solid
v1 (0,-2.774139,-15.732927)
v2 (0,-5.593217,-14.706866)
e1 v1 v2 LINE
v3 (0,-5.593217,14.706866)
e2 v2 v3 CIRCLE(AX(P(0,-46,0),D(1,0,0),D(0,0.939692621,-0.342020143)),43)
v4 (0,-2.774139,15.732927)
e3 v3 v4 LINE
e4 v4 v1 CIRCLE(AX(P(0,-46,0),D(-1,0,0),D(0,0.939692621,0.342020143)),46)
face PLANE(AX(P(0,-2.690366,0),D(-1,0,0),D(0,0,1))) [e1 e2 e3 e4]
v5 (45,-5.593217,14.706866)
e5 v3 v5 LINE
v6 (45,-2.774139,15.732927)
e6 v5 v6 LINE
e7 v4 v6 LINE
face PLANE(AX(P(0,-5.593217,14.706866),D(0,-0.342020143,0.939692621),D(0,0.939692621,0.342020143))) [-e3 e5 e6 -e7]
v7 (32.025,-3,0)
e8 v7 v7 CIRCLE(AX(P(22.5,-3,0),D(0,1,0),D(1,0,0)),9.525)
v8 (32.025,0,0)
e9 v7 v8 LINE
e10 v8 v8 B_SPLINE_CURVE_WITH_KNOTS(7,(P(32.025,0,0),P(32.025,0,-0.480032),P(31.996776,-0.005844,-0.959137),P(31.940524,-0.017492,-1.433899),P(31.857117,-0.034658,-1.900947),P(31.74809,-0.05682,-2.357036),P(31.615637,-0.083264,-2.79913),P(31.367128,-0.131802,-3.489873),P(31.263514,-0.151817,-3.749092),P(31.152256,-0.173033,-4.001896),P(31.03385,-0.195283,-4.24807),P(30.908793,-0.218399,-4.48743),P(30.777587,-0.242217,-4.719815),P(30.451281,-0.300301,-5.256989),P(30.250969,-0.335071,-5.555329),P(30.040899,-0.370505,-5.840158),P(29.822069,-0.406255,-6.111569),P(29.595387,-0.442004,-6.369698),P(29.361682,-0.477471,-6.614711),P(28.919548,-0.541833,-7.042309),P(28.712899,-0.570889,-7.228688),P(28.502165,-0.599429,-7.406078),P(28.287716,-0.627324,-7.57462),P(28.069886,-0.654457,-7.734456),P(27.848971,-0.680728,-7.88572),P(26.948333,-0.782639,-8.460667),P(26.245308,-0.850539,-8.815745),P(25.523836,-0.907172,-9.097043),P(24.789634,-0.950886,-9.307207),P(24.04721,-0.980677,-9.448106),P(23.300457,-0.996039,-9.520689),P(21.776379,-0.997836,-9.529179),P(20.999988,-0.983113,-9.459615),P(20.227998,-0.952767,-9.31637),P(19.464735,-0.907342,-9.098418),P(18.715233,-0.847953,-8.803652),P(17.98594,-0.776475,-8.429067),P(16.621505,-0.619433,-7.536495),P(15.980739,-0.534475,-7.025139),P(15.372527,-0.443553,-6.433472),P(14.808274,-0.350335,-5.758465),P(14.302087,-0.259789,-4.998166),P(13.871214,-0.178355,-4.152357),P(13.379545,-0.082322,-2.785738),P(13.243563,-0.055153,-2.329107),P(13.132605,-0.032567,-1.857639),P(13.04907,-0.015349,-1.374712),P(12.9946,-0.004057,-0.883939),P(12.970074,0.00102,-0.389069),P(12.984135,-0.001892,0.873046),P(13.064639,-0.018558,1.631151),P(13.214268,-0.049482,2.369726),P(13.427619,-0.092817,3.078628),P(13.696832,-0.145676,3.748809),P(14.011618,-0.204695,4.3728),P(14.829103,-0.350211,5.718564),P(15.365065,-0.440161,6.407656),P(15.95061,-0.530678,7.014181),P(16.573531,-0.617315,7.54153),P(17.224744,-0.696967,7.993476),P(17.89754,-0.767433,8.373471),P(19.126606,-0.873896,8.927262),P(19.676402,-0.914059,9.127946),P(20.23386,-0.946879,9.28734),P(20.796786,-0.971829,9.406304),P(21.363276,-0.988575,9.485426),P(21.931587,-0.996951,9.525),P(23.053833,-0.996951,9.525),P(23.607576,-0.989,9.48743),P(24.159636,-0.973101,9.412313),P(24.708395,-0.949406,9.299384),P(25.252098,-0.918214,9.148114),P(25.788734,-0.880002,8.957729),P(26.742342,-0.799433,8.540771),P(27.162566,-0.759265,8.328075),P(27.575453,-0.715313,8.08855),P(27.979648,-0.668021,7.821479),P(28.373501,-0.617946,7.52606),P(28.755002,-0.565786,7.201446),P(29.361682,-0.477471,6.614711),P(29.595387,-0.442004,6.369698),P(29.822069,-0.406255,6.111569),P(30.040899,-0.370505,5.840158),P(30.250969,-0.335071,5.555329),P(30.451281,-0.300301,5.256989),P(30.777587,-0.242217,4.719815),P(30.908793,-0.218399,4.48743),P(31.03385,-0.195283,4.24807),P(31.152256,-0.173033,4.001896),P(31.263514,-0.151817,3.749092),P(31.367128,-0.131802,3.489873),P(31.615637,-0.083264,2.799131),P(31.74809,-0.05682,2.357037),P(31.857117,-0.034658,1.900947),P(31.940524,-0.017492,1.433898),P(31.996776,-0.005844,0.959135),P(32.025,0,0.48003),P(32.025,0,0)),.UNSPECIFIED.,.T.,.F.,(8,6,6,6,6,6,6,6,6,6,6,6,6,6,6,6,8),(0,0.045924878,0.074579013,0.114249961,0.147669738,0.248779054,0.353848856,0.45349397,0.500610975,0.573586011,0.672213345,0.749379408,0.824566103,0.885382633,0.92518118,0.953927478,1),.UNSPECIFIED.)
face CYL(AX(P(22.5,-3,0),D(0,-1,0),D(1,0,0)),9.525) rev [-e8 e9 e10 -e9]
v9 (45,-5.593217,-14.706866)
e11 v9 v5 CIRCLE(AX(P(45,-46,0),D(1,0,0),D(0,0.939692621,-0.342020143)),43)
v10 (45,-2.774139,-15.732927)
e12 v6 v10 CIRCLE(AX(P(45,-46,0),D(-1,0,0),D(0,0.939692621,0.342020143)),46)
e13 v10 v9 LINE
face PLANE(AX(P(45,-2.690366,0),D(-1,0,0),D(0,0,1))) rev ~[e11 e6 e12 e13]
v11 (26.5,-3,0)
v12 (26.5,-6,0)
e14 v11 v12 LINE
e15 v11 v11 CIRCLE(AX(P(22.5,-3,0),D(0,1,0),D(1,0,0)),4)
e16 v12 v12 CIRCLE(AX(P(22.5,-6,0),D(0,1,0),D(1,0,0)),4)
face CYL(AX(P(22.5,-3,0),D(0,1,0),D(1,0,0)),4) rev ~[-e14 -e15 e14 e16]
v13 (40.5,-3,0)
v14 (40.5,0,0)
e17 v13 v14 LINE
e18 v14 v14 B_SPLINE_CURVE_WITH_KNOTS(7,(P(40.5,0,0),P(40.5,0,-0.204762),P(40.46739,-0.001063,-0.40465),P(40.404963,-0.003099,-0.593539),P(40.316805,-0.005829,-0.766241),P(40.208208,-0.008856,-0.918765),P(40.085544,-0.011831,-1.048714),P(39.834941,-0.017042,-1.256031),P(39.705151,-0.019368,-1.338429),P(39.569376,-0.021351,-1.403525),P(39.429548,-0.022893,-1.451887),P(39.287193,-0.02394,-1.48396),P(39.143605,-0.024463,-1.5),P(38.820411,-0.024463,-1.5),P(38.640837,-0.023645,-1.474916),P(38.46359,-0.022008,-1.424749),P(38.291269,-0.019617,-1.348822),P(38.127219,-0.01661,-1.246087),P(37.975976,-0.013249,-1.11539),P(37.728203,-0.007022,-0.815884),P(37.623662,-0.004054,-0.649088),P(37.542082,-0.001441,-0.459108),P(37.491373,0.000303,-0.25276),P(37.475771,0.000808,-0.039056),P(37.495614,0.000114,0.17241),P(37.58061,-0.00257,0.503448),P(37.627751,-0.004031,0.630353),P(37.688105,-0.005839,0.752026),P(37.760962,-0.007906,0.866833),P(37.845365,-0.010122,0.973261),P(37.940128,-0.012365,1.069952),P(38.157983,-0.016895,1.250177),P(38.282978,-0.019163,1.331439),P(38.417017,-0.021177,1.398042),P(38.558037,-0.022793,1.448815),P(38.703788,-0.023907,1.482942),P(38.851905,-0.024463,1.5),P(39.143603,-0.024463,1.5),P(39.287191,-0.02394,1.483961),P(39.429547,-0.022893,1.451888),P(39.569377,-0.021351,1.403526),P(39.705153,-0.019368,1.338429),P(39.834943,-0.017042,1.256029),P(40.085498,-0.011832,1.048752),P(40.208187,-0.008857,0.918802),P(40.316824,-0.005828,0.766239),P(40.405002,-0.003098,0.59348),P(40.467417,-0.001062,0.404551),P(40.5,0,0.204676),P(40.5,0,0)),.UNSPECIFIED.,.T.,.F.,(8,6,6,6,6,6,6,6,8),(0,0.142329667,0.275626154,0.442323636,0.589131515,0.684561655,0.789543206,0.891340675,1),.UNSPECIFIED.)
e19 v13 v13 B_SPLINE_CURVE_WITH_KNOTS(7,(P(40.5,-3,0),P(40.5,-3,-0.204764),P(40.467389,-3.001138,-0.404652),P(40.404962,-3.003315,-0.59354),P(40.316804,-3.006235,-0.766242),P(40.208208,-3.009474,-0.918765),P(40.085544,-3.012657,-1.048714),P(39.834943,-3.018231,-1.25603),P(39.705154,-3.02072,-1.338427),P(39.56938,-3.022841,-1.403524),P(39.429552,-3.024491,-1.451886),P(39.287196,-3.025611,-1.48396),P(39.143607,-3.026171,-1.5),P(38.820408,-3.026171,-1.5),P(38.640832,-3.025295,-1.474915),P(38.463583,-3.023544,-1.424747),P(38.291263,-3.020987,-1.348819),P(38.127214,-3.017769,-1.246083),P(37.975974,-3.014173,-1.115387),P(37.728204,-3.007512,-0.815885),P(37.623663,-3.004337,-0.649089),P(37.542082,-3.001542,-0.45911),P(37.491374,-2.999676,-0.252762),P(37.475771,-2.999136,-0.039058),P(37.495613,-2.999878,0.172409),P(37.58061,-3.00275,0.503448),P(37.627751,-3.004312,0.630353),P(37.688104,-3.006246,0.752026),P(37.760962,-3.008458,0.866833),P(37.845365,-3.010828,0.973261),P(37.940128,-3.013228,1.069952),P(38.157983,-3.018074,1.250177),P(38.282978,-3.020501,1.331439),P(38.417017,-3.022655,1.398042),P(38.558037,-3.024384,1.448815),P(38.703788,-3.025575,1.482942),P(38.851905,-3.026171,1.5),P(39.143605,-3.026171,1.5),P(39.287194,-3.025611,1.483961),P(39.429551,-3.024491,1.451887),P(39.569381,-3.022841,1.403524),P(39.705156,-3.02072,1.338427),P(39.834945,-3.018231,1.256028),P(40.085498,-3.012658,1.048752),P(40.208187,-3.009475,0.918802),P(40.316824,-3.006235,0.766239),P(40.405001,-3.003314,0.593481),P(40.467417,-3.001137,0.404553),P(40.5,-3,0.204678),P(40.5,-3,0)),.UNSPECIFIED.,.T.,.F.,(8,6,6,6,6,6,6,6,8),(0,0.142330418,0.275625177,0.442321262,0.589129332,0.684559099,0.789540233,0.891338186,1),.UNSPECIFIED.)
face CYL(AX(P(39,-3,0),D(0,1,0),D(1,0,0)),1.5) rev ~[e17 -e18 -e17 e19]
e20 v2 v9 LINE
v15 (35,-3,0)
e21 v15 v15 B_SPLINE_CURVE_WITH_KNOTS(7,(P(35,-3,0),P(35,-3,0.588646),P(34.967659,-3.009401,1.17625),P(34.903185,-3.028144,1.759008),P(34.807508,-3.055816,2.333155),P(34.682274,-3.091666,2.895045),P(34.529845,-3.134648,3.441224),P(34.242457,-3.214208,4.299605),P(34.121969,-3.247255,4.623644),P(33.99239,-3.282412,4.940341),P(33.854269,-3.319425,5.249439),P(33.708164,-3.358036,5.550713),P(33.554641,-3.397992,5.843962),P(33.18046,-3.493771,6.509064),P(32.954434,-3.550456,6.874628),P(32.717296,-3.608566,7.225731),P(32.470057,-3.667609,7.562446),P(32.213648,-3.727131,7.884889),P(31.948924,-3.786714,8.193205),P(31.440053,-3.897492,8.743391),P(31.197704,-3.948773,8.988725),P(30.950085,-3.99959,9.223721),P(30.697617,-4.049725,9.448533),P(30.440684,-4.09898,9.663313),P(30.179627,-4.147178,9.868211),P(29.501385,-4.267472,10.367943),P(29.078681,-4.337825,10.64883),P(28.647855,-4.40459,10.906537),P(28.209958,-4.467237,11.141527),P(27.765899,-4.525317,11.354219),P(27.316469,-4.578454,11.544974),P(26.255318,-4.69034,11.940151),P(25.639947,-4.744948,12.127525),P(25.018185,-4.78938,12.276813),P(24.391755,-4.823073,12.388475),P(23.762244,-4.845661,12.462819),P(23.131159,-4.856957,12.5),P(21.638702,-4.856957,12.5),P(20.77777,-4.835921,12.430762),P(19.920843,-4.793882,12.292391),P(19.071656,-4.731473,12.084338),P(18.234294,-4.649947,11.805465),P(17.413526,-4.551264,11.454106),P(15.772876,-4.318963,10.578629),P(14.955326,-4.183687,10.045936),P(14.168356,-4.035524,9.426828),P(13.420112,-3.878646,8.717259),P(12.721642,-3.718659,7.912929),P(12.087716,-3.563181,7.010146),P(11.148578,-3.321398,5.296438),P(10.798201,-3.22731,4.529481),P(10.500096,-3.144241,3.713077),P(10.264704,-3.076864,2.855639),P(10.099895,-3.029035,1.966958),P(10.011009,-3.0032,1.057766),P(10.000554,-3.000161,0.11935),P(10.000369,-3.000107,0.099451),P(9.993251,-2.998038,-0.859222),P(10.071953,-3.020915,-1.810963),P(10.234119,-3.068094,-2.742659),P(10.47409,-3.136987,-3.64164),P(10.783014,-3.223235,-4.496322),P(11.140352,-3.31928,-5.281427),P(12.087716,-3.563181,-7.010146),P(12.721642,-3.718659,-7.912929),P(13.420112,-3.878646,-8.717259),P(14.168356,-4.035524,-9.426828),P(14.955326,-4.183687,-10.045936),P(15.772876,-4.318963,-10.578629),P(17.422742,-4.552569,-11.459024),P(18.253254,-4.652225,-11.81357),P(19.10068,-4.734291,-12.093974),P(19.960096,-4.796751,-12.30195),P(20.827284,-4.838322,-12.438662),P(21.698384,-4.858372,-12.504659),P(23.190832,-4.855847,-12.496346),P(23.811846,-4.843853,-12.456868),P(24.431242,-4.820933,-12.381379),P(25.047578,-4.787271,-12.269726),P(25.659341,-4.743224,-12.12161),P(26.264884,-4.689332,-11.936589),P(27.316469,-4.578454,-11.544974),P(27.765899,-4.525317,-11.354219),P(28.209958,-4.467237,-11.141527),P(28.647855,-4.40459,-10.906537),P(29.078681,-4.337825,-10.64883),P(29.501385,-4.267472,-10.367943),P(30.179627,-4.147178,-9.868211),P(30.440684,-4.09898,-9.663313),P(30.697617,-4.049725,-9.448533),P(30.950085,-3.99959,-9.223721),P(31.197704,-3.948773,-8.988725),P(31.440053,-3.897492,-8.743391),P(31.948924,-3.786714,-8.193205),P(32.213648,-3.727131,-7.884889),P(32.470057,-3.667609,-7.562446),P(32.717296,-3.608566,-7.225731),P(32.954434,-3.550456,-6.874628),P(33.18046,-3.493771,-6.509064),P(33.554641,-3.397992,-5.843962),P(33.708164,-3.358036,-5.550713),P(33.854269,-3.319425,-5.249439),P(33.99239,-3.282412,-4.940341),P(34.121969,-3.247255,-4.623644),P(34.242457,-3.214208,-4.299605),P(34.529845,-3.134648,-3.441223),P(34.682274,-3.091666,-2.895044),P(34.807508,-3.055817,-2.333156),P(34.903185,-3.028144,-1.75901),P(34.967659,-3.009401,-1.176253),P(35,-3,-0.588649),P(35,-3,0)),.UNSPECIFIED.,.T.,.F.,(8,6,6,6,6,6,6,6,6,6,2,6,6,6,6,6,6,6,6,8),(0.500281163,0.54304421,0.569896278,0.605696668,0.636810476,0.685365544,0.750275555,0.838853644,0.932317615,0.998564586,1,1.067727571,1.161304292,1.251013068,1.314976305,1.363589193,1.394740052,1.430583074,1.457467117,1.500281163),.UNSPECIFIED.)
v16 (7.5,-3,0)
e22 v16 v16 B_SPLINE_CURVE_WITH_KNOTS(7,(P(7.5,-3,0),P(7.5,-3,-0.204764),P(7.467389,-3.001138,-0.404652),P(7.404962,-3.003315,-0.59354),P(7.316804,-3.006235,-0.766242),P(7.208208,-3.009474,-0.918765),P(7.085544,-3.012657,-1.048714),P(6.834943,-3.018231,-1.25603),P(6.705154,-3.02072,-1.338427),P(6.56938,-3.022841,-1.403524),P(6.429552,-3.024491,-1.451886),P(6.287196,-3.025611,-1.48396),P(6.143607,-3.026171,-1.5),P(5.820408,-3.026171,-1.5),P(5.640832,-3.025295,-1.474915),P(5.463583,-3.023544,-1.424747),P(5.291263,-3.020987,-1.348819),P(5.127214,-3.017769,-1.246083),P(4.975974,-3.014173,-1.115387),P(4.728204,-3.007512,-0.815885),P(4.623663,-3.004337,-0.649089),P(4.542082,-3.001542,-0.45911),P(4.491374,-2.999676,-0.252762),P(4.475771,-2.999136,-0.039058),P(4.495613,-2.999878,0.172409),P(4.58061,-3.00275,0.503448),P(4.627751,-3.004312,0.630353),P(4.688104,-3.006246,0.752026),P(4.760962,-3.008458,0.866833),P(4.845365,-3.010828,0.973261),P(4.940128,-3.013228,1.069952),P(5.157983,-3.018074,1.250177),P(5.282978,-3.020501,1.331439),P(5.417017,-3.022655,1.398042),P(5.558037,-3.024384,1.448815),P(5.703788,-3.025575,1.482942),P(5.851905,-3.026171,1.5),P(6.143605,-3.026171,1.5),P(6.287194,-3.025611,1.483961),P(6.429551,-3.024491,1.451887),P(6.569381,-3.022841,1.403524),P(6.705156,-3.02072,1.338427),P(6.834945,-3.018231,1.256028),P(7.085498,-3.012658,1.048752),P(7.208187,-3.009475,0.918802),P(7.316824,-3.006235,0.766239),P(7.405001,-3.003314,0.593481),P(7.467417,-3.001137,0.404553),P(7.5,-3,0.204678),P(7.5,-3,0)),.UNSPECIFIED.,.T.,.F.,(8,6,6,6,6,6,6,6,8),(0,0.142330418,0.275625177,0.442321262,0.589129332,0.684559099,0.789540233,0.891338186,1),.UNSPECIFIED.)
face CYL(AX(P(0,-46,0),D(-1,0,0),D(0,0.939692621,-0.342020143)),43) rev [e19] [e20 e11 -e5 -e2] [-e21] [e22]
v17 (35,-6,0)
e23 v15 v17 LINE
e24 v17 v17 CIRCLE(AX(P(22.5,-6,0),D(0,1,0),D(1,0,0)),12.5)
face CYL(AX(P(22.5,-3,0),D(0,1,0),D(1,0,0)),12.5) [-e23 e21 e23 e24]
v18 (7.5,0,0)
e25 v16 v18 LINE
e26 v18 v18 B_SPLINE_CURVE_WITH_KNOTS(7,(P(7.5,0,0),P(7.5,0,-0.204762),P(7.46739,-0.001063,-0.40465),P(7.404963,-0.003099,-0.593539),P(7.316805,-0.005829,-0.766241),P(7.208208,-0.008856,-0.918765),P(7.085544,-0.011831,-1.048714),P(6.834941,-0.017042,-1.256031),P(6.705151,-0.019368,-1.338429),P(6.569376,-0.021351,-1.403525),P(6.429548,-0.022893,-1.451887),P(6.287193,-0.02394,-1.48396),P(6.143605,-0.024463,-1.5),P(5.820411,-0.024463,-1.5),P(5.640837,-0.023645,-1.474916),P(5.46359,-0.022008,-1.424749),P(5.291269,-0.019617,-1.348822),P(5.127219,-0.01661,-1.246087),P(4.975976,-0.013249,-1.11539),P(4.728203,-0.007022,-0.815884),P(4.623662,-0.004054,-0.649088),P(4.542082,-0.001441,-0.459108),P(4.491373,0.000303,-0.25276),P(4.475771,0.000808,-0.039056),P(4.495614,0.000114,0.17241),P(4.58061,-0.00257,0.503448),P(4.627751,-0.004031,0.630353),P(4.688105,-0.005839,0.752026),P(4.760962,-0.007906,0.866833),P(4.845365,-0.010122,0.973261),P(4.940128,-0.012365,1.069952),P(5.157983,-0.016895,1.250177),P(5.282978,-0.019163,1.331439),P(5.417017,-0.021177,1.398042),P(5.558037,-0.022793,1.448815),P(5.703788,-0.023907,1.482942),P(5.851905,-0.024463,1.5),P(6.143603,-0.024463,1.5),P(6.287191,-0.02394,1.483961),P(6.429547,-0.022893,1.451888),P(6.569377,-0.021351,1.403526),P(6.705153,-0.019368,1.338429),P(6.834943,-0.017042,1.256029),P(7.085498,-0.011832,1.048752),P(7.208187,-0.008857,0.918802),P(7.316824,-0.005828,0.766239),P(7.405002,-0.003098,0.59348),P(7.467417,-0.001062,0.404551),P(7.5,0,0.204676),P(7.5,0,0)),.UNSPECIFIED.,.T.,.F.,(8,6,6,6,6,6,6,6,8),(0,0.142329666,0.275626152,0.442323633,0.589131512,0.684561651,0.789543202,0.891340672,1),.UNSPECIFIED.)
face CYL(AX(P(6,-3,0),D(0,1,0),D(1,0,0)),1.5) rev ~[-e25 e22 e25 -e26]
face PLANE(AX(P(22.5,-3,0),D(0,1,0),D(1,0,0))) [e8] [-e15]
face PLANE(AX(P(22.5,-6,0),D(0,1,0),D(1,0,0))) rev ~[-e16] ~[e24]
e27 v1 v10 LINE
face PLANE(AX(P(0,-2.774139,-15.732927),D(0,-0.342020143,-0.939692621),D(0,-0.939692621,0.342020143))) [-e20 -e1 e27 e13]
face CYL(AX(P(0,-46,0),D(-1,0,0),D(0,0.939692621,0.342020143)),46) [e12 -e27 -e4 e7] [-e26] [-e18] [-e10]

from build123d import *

# Parameters (mm, degrees)
BOSS_EXTRUDE1_DEPTH     = 45
SKETCH2_R               = 12.5
BOSS_EXTRUDE2_DEPTH     = 3
SKETCH3_R               = 9.525
CUT_EXTRUDE1_DEPTH      = 14
SKETCH4_R               = 4
CUT_EXTRUDE2_DEPTH      = 14
CUT_EXTRUDE3_DEPTH      = 14
CUT_EXTRUDE3_DEPTH_BACK = 14
SKETCH5_R               = 1.5


with BuildPart() as part:
    # Sketch1 → Boss-Extrude1 (new body)
    with BuildSketch(Plane(origin=(0, 0, 0), x_dir=(0, 0, -1), z_dir=(1, 0, 0))):
        with BuildLine():
            Line((-14.706866163, -5.593217306), (-15.732926593, -2.774139444))
            ThreePointArc((-15.732926593, -2.774139444), (0, 0), (15.732926593, -2.774139444))
            Line((15.732926593, -2.774139444), (14.706866163, -5.593217306))
            ThreePointArc((14.706866163, -5.593217306), (0, -3), (-14.706866163, -5.593217306))
        make_face()
    extrude(amount=BOSS_EXTRUDE1_DEPTH)

    # Sketch2 → Boss-Extrude2 (add)
    with BuildSketch(Plane(origin=(0, -3, 0), x_dir=(1, 0, 0), z_dir=(0, 1, 0))):
        with Locations((22.5, 0)):
            Circle(SKETCH2_R)
    extrude(amount=-BOSS_EXTRUDE2_DEPTH)

    # Sketch3 → Cut-Extrude1 (cut)
    with BuildSketch(Plane(origin=(0, -3, 0), x_dir=(1, 0, 0), z_dir=(0, 1, 0))):
        with Locations((22.5, 0)):
            Circle(SKETCH3_R)
    extrude(amount=CUT_EXTRUDE1_DEPTH, mode=Mode.SUBTRACT)

    # Sketch4 → Cut-Extrude2 (cut)
    with BuildSketch(Plane(origin=(0, -3, 0), x_dir=(1, 0, 0), z_dir=(0, 1, 0))):
        with Locations((22.5, 0)):
            Circle(SKETCH4_R)
    extrude(amount=-CUT_EXTRUDE2_DEPTH, mode=Mode.SUBTRACT)

    # Sketch5 → Cut-Extrude3 (cut, two sides: drawn at the far end of the back side and taken through both)
    with BuildSketch(Plane(origin=(0, -3, 0), x_dir=(1, 0, 0), z_dir=(0, 1, 0)).offset(-CUT_EXTRUDE3_DEPTH_BACK)):
        with Locations((6, 0)):
            Circle(SKETCH5_R)
        with Locations((39, 0)):
            Circle(SKETCH5_R)
    extrude(amount=CUT_EXTRUDE3_DEPTH + CUT_EXTRUDE3_DEPTH_BACK, mode=Mode.SUBTRACT)


solid = part.part
